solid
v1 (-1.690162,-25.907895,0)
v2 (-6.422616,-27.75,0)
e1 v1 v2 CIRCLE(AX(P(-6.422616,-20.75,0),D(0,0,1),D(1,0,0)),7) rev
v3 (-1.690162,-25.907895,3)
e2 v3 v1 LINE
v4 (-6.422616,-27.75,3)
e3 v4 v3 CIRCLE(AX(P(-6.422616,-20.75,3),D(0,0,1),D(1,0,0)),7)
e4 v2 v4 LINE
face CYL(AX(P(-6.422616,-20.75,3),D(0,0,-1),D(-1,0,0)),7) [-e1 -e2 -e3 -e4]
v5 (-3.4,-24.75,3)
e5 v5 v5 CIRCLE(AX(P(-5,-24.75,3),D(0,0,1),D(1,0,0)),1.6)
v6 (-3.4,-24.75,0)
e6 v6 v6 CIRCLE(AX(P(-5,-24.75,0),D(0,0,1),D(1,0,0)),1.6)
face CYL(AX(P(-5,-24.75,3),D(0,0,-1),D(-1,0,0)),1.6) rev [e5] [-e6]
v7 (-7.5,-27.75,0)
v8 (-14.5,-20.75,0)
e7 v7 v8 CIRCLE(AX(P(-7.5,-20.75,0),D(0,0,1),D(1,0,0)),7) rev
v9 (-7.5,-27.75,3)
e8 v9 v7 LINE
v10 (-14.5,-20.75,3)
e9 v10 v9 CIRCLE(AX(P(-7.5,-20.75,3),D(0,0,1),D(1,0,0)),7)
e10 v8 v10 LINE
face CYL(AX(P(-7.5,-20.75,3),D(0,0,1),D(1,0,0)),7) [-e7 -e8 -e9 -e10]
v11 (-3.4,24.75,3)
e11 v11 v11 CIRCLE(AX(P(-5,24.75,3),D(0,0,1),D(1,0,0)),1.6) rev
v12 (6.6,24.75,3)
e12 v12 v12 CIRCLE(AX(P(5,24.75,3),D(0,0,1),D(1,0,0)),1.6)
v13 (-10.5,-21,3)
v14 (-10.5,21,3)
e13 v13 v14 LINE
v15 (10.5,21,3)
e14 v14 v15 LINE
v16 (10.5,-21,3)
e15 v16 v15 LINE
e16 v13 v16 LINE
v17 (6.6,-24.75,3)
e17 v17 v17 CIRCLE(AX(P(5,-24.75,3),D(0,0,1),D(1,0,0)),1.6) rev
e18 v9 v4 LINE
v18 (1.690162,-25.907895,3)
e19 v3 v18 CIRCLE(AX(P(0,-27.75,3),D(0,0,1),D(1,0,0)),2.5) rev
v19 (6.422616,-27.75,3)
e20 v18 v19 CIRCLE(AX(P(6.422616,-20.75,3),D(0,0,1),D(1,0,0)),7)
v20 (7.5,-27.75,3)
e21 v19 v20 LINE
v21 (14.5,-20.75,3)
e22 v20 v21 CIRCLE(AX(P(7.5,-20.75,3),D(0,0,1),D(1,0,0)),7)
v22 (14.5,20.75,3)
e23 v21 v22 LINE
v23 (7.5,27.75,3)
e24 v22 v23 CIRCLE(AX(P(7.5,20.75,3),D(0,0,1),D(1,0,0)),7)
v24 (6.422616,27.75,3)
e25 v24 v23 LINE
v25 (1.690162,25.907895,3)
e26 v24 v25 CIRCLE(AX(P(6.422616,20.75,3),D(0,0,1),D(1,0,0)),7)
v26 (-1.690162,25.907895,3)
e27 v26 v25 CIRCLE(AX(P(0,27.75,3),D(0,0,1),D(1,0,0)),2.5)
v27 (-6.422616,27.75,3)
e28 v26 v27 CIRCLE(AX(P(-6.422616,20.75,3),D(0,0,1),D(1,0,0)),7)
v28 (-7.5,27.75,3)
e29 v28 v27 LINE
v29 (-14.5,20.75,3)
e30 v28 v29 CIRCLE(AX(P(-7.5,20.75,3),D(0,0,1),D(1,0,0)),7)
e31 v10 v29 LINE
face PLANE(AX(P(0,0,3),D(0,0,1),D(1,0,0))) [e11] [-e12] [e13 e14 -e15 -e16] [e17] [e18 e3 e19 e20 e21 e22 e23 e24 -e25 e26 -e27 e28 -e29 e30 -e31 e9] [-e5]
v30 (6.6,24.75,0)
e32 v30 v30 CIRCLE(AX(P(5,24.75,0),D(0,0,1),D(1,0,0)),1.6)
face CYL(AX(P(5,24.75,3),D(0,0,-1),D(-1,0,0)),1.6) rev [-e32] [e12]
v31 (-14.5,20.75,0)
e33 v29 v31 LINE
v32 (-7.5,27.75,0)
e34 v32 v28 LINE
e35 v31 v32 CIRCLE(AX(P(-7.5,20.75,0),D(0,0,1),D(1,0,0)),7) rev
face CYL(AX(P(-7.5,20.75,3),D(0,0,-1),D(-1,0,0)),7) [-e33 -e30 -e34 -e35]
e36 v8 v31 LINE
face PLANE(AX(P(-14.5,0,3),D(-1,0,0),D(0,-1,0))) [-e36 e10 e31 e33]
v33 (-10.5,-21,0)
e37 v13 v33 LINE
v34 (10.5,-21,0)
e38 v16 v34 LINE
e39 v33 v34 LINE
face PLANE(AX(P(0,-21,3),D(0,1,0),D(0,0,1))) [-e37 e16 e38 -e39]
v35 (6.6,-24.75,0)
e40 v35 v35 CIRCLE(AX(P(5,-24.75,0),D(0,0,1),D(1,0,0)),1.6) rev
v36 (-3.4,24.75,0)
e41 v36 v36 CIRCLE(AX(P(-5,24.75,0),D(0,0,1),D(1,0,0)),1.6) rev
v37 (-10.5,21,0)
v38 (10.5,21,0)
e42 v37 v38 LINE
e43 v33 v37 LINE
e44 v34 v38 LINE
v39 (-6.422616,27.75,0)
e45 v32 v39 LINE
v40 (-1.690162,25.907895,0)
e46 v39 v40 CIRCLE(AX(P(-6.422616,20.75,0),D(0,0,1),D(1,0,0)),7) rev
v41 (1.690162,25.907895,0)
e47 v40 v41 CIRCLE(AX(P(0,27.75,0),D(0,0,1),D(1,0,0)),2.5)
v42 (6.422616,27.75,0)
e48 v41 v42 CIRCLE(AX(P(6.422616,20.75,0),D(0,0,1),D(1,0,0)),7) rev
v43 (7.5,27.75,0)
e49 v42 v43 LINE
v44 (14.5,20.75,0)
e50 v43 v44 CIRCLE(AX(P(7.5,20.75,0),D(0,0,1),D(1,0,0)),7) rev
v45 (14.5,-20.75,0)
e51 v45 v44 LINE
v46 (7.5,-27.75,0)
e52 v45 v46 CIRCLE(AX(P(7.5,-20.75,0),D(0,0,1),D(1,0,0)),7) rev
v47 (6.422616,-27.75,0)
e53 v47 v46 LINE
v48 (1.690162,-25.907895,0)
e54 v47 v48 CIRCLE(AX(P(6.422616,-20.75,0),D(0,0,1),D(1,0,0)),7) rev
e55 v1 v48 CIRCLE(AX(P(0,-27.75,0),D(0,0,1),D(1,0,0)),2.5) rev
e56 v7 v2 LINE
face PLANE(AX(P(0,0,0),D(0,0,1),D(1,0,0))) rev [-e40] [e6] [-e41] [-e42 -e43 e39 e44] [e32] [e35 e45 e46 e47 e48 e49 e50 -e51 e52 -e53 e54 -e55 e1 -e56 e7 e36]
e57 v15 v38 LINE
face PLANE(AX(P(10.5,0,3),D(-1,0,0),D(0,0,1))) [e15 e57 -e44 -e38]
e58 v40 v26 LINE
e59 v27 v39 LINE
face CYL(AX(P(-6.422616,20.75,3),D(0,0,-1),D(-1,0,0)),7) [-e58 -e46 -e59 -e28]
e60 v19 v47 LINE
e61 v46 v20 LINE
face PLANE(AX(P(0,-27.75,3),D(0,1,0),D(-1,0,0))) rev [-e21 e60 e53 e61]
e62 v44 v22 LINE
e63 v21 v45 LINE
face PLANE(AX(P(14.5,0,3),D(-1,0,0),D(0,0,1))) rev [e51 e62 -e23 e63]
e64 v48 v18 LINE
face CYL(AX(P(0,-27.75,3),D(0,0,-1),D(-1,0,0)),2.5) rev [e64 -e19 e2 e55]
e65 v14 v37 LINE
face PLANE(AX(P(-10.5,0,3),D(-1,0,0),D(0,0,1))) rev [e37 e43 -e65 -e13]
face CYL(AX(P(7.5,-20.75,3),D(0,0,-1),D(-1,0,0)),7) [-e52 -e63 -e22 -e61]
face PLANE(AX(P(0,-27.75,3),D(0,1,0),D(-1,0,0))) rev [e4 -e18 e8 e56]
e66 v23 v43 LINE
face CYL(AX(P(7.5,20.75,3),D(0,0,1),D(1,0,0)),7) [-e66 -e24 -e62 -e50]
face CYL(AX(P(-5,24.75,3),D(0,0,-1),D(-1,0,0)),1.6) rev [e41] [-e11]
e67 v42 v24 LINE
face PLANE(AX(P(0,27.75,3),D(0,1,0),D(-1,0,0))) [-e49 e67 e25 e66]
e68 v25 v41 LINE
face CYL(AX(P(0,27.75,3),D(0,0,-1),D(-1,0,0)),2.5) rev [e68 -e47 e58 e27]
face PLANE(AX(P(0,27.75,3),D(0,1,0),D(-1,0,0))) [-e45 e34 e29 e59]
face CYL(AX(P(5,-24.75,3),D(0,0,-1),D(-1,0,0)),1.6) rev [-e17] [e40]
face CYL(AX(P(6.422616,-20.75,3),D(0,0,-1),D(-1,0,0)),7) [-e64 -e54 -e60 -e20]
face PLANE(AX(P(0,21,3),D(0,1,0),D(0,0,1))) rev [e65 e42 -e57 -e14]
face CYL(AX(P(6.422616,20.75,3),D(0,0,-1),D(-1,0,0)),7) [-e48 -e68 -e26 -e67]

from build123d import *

# Parameters (mm, degrees)
ESBO_O1_R                = 1.6
ESBO_O1_W                = 21
ESBO_O1_H                = 42
RESSALTO_EXTRUS_O1_DEPTH = 3
FILETE1_R                = 7


with BuildPart() as part:
    # Esboço1 → Ressalto-extrusão1 (new body)
    with BuildSketch(Plane.XY):
        with BuildLine():
            Line((-14.5, 27.75), (-14.5, -27.75))
            Line((-14.5, -27.75), (-2.5, -27.75))
            ThreePointArc((-2.5, -27.75), (0, -25.25), (2.5, -27.75))
            Line((2.5, -27.75), (14.5, -27.75))
            Line((14.5, -27.75), (14.5, 27.75))
            Line((14.5, 27.75), (2.5, 27.75))
            ThreePointArc((2.5, 27.75), (0, 25.25), (-2.5, 27.75))
            Line((-2.5, 27.75), (-14.5, 27.75))
        make_face()
        with Locations((-5, -24.75)):
            Circle(ESBO_O1_R, mode=Mode.SUBTRACT)
        with Locations((5, -24.75)):
            Circle(ESBO_O1_R, mode=Mode.SUBTRACT)
        Rectangle(ESBO_O1_W, ESBO_O1_H, mode=Mode.SUBTRACT)
        with Locations((-5, 24.75)):
            Circle(ESBO_O1_R, mode=Mode.SUBTRACT)
        with Locations((5, 24.75)):
            Circle(ESBO_O1_R, mode=Mode.SUBTRACT)
    extrude(amount=RESSALTO_EXTRUS_O1_DEPTH)

    # Filete1
    filete1_edges = [part.edges().sort_by_distance(p)[0] for p in [
        (-14.5, -27.75, 1.5),
        (-14.5, 27.75, 1.5),
        (-2.5, 27.75, 1.5),
        (2.5, 27.75, 1.5),
        (14.5, 27.75, 1.5),
        (14.5, -27.75, 1.5),
        (2.5, -27.75, 1.5),
        (-2.5, -27.75, 1.5),
    ]]
    fillet(filete1_edges, radius=FILETE1_R)


solid = part.part
